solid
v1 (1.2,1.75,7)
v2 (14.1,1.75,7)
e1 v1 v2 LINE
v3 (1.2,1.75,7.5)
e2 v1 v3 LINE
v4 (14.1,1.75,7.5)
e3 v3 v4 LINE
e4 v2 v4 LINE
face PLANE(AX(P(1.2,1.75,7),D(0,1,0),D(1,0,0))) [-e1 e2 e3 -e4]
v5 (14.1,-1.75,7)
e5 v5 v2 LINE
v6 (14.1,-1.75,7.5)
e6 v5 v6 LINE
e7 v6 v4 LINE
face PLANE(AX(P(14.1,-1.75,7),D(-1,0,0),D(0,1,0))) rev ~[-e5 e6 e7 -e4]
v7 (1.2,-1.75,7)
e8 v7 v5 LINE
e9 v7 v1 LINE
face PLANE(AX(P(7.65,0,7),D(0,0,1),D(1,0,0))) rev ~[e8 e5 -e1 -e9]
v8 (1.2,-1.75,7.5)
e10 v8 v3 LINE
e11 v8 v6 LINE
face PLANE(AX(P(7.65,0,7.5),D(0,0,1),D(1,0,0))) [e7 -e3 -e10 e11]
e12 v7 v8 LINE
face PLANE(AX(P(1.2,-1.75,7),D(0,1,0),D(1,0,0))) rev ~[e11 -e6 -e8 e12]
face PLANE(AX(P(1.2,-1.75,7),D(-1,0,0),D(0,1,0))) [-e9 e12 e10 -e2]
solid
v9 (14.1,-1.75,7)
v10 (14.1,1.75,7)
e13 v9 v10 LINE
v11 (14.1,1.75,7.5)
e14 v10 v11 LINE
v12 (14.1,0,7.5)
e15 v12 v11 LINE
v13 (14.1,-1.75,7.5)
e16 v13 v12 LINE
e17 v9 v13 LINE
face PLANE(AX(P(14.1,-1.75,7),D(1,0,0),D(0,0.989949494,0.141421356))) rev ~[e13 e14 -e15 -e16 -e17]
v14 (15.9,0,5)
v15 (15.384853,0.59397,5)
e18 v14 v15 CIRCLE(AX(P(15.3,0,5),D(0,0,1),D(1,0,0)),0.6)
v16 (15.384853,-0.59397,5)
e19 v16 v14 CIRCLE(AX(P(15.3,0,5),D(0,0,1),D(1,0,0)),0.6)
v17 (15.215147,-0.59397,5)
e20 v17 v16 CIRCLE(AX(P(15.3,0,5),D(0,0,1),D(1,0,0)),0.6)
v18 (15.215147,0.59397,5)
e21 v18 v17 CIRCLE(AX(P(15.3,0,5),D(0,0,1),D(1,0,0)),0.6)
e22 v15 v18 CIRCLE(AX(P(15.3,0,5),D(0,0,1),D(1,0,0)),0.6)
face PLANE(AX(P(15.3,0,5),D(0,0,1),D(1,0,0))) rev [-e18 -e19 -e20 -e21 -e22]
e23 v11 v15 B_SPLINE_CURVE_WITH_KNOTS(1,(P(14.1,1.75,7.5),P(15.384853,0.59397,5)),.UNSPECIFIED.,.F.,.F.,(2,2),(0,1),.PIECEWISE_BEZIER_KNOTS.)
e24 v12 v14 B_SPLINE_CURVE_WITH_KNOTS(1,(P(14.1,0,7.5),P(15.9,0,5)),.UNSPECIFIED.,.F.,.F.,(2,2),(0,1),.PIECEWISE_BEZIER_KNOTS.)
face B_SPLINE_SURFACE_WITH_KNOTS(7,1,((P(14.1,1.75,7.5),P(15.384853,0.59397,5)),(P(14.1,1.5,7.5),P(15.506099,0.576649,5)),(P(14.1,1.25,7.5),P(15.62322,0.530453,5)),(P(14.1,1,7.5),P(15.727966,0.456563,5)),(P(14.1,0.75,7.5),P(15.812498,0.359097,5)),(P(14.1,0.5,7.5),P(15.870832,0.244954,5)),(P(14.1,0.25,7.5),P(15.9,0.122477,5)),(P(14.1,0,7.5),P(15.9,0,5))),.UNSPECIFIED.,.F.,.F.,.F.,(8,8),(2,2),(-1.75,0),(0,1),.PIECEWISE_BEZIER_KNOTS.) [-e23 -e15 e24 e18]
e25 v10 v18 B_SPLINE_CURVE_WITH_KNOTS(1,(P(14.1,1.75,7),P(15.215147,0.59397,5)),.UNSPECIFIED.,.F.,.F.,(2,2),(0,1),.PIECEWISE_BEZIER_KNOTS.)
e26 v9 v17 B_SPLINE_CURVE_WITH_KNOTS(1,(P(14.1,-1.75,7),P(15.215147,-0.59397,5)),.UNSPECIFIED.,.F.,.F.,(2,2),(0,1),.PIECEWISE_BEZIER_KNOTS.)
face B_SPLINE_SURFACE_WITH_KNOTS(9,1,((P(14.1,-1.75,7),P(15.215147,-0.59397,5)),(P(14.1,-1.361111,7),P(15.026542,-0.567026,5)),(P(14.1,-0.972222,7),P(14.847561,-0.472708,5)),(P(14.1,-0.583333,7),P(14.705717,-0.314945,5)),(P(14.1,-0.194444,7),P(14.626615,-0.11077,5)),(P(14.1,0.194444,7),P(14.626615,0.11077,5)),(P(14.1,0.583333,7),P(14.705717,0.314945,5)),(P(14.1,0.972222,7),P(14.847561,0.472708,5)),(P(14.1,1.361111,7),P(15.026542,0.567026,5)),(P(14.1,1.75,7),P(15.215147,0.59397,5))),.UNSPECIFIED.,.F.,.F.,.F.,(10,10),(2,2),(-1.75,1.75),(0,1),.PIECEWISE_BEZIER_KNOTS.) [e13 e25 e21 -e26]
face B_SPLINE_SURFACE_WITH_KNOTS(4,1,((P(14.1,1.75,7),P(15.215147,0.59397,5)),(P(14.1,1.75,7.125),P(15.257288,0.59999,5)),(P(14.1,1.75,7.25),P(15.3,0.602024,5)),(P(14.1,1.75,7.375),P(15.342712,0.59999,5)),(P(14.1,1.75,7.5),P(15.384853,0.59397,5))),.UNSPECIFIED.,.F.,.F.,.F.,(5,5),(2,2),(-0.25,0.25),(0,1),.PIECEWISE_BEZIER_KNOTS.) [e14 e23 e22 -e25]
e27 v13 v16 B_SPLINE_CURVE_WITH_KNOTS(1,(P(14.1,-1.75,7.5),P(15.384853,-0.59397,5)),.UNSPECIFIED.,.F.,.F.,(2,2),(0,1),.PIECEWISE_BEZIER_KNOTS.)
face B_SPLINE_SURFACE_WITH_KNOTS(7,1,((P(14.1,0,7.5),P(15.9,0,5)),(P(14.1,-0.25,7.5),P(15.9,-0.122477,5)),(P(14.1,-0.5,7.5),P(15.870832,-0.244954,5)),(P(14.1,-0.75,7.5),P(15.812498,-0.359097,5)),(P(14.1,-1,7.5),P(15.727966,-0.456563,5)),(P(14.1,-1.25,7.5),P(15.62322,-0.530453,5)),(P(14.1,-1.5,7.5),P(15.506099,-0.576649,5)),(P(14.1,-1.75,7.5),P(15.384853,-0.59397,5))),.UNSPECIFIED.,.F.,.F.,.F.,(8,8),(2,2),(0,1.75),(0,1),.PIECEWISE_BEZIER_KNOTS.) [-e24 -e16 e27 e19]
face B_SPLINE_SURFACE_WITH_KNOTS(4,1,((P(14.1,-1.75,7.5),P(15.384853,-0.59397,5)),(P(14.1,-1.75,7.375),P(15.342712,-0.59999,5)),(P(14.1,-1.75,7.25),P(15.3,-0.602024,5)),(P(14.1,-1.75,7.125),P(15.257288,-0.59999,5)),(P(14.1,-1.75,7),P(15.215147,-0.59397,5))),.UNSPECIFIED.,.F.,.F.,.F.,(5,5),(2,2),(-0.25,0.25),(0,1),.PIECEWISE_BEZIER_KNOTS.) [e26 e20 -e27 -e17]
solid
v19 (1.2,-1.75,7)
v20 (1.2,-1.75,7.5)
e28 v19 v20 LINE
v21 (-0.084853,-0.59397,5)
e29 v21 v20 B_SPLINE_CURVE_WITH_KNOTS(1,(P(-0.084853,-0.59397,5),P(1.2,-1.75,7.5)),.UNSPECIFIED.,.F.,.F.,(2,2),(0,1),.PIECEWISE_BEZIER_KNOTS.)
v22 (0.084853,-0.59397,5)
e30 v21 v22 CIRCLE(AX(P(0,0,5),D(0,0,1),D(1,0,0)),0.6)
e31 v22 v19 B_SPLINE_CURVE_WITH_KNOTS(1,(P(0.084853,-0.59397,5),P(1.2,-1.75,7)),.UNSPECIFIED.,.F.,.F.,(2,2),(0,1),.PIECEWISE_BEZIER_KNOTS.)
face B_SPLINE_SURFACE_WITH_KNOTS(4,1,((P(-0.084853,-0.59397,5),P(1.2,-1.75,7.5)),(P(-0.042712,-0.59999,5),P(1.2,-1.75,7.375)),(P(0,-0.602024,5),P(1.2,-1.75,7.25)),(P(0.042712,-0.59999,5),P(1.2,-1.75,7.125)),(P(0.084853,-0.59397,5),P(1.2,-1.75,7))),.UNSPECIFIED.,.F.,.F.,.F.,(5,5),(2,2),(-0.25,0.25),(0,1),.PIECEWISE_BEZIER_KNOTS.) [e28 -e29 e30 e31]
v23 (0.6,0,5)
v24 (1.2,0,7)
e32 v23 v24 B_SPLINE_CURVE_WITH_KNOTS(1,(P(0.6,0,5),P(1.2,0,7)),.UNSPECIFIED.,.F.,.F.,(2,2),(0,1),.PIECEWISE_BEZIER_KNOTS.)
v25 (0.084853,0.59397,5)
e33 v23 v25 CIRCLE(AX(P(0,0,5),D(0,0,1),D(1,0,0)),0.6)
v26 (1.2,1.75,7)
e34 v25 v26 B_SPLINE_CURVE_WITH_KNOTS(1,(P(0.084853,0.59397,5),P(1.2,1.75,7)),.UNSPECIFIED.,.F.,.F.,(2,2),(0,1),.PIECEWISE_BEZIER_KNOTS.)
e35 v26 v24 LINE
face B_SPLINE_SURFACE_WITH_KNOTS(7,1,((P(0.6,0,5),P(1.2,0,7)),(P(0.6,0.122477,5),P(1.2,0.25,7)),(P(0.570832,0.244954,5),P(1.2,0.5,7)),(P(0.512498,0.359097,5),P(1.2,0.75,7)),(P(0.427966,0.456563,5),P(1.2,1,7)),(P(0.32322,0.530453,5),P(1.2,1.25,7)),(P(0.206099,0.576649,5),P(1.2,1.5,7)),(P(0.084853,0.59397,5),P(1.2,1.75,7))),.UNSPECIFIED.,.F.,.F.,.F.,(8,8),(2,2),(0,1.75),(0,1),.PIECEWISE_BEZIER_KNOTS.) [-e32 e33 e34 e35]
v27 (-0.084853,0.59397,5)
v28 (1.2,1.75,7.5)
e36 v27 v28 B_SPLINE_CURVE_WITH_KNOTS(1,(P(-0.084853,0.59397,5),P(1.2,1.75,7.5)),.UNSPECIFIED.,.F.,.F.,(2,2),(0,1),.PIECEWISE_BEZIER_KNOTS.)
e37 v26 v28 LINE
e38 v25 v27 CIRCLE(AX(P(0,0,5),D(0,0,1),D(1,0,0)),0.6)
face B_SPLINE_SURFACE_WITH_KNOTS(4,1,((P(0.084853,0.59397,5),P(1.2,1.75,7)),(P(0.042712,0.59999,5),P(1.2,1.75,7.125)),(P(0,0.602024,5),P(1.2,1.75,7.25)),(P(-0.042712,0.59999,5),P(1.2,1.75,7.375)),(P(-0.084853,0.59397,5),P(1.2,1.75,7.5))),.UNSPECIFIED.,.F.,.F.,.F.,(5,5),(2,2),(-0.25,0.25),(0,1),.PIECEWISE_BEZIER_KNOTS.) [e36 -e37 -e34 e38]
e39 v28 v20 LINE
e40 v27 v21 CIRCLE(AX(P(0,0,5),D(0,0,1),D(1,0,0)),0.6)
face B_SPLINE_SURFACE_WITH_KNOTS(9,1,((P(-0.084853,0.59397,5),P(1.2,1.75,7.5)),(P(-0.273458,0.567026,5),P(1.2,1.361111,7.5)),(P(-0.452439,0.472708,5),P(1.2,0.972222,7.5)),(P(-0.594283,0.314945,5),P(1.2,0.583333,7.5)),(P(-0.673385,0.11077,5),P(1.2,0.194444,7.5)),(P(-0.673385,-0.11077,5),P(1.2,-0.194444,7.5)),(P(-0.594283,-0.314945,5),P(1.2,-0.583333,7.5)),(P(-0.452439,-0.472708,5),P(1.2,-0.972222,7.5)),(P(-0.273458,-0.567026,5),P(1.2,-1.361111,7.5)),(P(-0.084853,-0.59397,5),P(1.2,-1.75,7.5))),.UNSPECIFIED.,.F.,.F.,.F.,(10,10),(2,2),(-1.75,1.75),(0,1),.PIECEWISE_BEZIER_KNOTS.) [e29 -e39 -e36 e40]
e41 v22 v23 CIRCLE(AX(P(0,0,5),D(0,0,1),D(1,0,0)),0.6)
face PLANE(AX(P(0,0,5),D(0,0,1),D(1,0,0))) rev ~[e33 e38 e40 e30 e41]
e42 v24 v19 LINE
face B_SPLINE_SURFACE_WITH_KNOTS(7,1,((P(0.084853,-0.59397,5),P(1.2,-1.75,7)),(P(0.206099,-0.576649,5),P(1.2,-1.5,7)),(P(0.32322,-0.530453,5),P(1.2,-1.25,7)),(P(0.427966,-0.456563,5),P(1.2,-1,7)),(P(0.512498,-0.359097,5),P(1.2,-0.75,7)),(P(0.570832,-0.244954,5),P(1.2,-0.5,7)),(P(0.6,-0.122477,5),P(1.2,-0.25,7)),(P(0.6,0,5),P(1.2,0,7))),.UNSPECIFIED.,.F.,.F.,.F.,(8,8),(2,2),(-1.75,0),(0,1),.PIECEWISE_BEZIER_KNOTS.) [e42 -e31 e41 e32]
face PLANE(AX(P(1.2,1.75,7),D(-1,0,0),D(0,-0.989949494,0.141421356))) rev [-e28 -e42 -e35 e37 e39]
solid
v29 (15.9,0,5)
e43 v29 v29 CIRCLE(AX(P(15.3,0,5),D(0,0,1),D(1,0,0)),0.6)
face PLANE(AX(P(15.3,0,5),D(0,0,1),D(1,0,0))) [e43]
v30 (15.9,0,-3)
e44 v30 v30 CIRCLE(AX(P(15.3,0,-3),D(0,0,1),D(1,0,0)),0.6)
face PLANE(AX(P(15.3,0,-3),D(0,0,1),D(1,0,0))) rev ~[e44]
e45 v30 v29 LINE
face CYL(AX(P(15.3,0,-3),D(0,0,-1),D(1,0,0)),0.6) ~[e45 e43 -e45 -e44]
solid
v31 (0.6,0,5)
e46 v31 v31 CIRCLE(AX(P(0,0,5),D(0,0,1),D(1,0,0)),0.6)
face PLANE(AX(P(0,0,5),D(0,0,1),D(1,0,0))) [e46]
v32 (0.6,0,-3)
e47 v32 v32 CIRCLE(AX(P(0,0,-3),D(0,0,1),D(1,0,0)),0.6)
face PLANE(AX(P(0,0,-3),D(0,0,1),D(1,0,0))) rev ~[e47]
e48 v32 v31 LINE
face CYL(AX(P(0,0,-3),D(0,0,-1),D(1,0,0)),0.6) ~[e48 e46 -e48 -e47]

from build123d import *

# Parameters (mm, degrees)
SKETCH_R     = 0.6
PAD_DEPTH    = 8
SKETCH001_W  = 12.9
SKETCH001_H  = 3.5
PAD001_DEPTH = 0.5
SKETCH002_W  = 3.5
SKETCH002_H  = 0.5
SKETCH003_R  = 0.6
SKETCH004_R  = 0.6
SKETCH005_W  = 3.5
SKETCH005_H  = 0.5


with BuildPart() as pad:
    # Sketch → Pad (new body)
    with BuildSketch(Plane.XY.offset(-3)):
        Circle(SKETCH_R)
        with Locations((15.3, 0)):
            Circle(SKETCH_R)
    extrude(amount=PAD_DEPTH)


with BuildPart() as pad001:
    # Sketch001 → Pad001 (new body)
    with BuildSketch(Plane.XY.offset(7)):
        with Locations((7.65, 0)):
            Rectangle(SKETCH001_W, SKETCH001_H)
    extrude(amount=PAD001_DEPTH)


with BuildPart() as loft_body:
    # Sketch002 → Loft section 0
    with BuildSketch(Plane(origin=(14.1, 0, 7), x_dir=(0, 1, 0), z_dir=(1, 0, 0))):
        with Locations((0, 0.25)):
            Rectangle(SKETCH002_W, SKETCH002_H)
    # Sketch003 → Loft section 1
    with BuildSketch(Plane.XY.offset(5)):
        with Locations((15.3, 0)):
            Circle(SKETCH003_R)
    loft()


with BuildPart() as loft001:
    # Sketch004 → Loft001 section 0
    with BuildSketch(Plane.XY.offset(5)):
        Circle(SKETCH004_R)
    # Sketch005 → Loft001 section 1
    with BuildSketch(Plane(origin=(1.2, 0, 7), x_dir=(0, -1, 0), z_dir=(-1, 0, 0))):
        with Locations((0, 0.25)):
            Rectangle(SKETCH005_W, SKETCH005_H)
    loft()


solid = Compound([pad.part, pad001.part, loft_body.part, loft001.part])
